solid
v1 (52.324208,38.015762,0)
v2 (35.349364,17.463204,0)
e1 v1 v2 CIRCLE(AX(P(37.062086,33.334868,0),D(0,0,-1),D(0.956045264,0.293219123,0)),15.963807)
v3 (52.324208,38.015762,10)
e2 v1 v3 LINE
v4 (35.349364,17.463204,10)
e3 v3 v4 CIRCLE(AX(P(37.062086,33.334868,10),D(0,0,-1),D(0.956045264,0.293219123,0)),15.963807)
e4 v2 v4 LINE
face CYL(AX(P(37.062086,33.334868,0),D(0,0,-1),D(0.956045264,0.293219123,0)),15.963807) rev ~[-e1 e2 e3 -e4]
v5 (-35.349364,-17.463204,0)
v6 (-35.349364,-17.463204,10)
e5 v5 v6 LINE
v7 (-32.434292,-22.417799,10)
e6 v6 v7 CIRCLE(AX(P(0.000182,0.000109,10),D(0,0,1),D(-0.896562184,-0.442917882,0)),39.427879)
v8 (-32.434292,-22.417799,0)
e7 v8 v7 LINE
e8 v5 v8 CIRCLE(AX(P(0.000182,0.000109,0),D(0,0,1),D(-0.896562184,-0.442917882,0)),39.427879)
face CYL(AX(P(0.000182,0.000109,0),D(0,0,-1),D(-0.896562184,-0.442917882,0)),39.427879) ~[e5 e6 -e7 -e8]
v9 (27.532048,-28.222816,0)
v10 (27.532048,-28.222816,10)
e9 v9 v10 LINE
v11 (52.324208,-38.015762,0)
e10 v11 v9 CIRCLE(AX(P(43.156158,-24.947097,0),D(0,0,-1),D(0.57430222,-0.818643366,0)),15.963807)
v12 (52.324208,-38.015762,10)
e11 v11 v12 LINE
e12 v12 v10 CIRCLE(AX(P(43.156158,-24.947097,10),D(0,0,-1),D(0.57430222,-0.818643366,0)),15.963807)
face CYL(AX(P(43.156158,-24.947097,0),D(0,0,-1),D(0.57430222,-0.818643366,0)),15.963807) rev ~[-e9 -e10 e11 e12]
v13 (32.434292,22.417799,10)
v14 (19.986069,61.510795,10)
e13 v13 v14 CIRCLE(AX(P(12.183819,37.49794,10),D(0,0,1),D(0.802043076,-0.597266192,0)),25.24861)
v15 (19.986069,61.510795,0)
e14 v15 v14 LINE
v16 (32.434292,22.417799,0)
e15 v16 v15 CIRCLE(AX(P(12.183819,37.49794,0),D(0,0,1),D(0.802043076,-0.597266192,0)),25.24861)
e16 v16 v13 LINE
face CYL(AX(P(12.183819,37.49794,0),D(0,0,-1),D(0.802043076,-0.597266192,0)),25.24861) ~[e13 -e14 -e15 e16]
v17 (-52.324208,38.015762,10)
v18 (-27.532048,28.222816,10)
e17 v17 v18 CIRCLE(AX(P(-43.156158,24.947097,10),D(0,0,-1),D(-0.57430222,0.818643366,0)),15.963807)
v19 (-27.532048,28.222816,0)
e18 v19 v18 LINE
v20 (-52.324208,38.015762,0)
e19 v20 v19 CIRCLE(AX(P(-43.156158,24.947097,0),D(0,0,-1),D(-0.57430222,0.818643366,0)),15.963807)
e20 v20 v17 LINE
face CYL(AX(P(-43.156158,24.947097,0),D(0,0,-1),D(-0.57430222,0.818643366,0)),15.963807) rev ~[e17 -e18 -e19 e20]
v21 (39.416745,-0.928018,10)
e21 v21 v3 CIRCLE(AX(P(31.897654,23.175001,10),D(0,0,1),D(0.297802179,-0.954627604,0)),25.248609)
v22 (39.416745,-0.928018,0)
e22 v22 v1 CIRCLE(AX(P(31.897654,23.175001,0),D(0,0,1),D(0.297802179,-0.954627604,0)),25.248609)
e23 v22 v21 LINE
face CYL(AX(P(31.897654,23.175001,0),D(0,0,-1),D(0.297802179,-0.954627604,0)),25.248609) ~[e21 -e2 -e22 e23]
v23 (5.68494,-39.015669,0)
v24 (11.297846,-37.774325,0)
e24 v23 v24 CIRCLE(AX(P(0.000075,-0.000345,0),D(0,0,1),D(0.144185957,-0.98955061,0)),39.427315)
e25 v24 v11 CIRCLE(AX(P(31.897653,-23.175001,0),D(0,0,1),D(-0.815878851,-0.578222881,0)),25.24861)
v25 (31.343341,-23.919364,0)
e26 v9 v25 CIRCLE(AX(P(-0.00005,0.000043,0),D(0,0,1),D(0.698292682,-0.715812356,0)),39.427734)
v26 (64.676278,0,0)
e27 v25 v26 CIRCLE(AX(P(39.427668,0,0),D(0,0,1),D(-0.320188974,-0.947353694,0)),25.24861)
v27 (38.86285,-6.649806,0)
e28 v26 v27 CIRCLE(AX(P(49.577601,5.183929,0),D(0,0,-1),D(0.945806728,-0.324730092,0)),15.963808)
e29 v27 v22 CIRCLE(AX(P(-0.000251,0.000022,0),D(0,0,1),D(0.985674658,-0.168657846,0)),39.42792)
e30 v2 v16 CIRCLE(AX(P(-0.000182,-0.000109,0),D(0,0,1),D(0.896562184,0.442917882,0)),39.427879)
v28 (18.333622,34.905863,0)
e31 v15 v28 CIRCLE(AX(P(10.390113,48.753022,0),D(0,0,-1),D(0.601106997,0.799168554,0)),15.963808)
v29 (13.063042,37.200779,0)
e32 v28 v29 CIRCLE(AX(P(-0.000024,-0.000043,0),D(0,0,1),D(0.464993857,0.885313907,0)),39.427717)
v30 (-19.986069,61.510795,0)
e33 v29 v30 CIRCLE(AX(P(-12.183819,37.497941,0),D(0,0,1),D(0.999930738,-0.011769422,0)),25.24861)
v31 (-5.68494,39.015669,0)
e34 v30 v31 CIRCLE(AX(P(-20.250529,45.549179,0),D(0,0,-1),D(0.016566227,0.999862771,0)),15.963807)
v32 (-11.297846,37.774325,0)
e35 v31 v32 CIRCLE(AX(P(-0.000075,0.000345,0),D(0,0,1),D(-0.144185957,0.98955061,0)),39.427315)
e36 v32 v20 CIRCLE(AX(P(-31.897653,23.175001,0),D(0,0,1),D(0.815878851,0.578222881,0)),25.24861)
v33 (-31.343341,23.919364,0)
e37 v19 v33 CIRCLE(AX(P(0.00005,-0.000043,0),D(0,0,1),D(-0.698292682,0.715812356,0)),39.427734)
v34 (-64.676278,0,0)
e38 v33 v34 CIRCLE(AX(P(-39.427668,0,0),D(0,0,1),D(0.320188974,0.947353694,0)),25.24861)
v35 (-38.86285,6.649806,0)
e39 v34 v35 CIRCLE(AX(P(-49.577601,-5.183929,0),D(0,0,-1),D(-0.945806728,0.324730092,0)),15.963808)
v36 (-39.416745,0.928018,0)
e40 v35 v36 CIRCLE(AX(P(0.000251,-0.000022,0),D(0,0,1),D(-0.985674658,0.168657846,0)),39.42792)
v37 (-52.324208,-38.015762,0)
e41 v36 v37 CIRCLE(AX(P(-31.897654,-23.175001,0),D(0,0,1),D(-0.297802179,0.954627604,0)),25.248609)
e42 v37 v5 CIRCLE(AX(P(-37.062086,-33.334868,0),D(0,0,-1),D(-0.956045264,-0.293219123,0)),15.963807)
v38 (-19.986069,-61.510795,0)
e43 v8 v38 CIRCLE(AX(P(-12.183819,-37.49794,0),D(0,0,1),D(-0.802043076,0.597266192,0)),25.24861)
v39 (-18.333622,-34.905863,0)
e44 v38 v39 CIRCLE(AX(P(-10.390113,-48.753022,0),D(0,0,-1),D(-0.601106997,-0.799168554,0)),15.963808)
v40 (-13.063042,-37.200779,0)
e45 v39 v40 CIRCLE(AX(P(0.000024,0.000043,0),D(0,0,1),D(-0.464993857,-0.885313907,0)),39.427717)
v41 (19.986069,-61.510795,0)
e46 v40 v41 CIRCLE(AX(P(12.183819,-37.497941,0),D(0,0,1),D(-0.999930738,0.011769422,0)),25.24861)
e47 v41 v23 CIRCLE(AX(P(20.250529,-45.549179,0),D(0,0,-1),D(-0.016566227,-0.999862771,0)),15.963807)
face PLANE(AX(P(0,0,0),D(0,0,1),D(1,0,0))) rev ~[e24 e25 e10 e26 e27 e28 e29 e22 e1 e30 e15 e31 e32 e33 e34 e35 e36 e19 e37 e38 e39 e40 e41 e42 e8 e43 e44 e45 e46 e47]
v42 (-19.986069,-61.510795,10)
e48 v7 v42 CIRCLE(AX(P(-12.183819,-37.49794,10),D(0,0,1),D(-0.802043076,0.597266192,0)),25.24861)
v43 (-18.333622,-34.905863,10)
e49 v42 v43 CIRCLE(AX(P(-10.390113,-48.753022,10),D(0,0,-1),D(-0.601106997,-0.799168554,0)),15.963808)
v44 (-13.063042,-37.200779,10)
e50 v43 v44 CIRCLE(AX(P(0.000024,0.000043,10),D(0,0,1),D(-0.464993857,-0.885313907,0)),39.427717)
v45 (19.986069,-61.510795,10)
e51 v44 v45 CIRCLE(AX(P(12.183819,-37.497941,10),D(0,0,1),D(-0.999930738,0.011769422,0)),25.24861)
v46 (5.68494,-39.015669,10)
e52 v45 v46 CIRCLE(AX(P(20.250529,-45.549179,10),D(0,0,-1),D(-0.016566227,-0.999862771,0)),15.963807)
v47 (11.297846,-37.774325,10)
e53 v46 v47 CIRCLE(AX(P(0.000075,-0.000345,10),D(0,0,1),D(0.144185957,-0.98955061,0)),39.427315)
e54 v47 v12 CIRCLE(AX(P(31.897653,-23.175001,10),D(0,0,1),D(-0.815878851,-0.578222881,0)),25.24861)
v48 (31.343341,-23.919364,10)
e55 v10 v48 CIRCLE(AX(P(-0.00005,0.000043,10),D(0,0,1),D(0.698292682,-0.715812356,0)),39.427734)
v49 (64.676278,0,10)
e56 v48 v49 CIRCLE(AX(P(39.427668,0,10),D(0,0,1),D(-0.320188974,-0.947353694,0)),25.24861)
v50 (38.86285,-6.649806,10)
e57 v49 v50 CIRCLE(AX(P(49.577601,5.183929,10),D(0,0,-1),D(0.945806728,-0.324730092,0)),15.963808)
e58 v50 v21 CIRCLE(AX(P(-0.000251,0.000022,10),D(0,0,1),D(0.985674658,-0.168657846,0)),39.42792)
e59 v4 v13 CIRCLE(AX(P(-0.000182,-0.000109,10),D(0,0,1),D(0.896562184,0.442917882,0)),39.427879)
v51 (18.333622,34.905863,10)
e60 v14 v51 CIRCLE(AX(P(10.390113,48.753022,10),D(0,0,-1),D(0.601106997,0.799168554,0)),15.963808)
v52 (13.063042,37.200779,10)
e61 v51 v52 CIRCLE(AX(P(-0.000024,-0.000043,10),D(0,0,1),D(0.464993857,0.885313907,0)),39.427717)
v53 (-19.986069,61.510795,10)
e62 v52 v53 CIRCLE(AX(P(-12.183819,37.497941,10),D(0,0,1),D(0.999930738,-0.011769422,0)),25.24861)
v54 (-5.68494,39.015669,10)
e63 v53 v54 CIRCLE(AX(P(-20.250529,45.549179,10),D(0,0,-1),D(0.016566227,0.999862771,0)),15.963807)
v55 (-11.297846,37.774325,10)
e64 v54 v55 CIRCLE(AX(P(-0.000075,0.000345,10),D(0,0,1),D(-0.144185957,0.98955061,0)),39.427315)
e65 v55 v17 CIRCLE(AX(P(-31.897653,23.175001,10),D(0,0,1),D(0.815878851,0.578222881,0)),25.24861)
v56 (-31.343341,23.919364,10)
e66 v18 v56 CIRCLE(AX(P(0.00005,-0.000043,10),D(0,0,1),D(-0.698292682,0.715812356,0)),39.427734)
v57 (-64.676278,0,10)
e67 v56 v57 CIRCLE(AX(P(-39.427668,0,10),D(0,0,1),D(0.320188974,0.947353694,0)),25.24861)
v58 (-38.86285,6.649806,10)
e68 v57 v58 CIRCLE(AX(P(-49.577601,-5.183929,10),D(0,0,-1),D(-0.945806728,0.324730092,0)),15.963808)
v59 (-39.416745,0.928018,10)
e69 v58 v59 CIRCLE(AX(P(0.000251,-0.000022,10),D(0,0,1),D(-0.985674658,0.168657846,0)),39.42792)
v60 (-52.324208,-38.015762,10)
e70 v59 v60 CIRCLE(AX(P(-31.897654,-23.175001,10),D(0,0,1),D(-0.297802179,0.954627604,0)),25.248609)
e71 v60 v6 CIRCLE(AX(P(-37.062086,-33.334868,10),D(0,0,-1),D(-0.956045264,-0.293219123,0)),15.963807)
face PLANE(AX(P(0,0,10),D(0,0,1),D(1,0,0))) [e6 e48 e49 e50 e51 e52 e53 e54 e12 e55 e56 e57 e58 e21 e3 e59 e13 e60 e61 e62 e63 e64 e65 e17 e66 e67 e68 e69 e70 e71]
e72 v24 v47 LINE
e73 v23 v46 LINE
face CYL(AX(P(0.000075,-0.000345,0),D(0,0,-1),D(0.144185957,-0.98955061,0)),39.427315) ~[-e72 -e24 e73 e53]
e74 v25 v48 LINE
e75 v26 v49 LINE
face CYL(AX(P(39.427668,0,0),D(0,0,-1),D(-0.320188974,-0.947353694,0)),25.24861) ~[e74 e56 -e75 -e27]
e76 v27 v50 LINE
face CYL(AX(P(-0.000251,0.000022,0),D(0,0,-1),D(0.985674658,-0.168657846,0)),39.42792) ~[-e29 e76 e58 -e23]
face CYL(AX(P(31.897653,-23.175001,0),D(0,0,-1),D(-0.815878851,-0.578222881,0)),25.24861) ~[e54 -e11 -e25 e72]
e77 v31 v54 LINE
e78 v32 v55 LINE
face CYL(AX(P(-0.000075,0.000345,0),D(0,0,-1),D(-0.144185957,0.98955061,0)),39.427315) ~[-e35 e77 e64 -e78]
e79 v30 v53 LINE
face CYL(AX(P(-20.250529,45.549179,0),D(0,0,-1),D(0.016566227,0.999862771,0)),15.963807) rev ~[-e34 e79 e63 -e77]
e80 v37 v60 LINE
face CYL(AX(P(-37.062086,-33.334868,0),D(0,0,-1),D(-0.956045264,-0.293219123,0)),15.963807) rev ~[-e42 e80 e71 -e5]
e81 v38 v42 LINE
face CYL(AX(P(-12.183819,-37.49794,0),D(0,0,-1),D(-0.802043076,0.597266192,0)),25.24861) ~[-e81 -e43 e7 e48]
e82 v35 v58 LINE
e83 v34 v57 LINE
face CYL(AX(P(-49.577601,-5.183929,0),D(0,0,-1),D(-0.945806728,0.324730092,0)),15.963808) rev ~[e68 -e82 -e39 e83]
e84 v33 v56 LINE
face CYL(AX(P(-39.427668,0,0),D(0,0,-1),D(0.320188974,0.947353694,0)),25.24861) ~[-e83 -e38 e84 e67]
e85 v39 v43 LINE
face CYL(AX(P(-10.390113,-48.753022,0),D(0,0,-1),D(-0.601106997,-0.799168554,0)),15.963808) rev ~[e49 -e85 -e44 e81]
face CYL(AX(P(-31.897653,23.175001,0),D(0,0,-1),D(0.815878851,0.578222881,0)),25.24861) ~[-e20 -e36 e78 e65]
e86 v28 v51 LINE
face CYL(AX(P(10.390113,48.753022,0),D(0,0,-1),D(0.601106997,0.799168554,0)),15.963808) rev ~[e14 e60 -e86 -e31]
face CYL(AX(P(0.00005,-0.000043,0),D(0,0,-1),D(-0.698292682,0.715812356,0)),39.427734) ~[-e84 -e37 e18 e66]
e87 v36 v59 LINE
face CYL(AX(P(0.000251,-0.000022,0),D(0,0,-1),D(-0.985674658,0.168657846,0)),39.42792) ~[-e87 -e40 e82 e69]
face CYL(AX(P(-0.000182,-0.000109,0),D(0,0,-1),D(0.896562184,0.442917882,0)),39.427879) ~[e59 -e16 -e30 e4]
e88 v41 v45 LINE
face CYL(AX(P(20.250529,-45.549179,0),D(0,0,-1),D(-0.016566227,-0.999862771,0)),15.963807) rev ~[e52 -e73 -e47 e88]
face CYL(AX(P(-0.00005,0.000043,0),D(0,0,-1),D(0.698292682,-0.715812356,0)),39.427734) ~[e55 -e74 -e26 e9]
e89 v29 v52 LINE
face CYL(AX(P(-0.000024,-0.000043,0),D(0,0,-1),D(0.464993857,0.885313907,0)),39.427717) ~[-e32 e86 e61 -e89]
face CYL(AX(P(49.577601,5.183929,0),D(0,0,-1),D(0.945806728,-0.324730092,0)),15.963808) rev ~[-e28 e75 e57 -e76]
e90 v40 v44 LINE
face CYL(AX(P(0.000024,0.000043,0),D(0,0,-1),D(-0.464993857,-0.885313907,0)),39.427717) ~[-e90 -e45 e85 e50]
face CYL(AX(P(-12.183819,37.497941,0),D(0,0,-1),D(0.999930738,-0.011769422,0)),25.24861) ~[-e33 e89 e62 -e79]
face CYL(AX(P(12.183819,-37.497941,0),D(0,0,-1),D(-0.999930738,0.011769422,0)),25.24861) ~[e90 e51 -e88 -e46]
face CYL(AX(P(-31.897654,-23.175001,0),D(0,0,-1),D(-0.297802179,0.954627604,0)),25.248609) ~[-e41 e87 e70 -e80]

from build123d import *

# Parameters (mm, degrees)
F1_DEPTH = 10


with BuildPart() as f1:
    # F0 (on Top) → F1 (new body)
    with BuildSketch(Plane.XY):
        with BuildLine():
            ThreePointArc((-64.676278, 0), (-53.560022, 10.275162), (-38.86285, 6.649806))
            ThreePointArc((-38.86285, 6.649806), (-39.244215, 3.79902), (-39.416745, 0.928018))
            ThreePointArc((-39.416745, 0.928018), (-55.864178, -15.231576), (-52.324208, -38.015762))
            ThreePointArc((-52.324208, -38.015762), (-49.370557, -23.16901), (-35.349364, -17.463204))
            ThreePointArc((-35.349364, -17.463204), (-33.982245, -19.993699), (-32.434292, -22.417799))
            ThreePointArc((-32.434292, -22.417799), (-36.242173, -45.158744), (-19.986069, -61.510795))
            ThreePointArc((-19.986069, -61.510795), (-26.323217, -47.763408), (-18.333622, -34.905863))
            ThreePointArc((-18.333622, -34.905863), (-15.740212, -36.149505), (-13.063042, -37.200779))
            ThreePointArc((-13.063042, -37.200779), (-2.776891, -57.836806), (19.986069, -61.510795))
            ThreePointArc((19.986069, -61.510795), (6.778697, -54.113808), (5.68494, -39.015669))
            ThreePointArc((5.68494, -39.015669), (8.514047, -38.497429), (11.297846, -37.774325))
            ThreePointArc((11.297846, -37.774325), (31.74907, -48.423174), (52.324208, -38.015762))
            ThreePointArc((52.324208, -38.015762), (37.291379, -39.794572), (27.532048, -28.222816))
            ThreePointArc((27.532048, -28.222816), (29.516229, -26.140643), (31.343341, -23.919364))
            ThreePointArc((31.343341, -23.919364), (54.147965, -20.513536), (64.676278, 0))
            ThreePointArc((64.676278, 0), (53.560022, -10.275162), (38.86285, -6.649806))
            ThreePointArc((38.86285, -6.649806), (39.244215, -3.79902), (39.416745, -0.928018))
            ThreePointArc((39.416745, -0.928018), (55.864178, 15.231576), (52.324208, 38.015762))
            ThreePointArc((52.324208, 38.015762), (49.370557, 23.16901), (35.349364, 17.463204))
            ThreePointArc((35.349364, 17.463204), (33.982245, 19.993699), (32.434292, 22.417799))
            ThreePointArc((32.434292, 22.417799), (36.242173, 45.158744), (19.986069, 61.510795))
            ThreePointArc((19.986069, 61.510795), (26.323217, 47.763408), (18.333622, 34.905863))
            ThreePointArc((18.333622, 34.905863), (15.740212, 36.149505), (13.063042, 37.200779))
            ThreePointArc((13.063042, 37.200779), (2.776891, 57.836806), (-19.986069, 61.510795))
            ThreePointArc((-19.986069, 61.510795), (-6.778697, 54.113808), (-5.68494, 39.015669))
            ThreePointArc((-5.68494, 39.015669), (-8.514047, 38.497429), (-11.297846, 37.774325))
            ThreePointArc((-11.297846, 37.774325), (-31.74907, 48.423174), (-52.324208, 38.015762))
            ThreePointArc((-52.324208, 38.015762), (-37.291379, 39.794572), (-27.532048, 28.222816))
            ThreePointArc((-27.532048, 28.222816), (-29.516229, 26.140643), (-31.343341, 23.919364))
            ThreePointArc((-31.343341, 23.919364), (-54.147965, 20.513536), (-64.676278, 0))
        make_face()
    extrude(amount=F1_DEPTH)


solid = f1.part
